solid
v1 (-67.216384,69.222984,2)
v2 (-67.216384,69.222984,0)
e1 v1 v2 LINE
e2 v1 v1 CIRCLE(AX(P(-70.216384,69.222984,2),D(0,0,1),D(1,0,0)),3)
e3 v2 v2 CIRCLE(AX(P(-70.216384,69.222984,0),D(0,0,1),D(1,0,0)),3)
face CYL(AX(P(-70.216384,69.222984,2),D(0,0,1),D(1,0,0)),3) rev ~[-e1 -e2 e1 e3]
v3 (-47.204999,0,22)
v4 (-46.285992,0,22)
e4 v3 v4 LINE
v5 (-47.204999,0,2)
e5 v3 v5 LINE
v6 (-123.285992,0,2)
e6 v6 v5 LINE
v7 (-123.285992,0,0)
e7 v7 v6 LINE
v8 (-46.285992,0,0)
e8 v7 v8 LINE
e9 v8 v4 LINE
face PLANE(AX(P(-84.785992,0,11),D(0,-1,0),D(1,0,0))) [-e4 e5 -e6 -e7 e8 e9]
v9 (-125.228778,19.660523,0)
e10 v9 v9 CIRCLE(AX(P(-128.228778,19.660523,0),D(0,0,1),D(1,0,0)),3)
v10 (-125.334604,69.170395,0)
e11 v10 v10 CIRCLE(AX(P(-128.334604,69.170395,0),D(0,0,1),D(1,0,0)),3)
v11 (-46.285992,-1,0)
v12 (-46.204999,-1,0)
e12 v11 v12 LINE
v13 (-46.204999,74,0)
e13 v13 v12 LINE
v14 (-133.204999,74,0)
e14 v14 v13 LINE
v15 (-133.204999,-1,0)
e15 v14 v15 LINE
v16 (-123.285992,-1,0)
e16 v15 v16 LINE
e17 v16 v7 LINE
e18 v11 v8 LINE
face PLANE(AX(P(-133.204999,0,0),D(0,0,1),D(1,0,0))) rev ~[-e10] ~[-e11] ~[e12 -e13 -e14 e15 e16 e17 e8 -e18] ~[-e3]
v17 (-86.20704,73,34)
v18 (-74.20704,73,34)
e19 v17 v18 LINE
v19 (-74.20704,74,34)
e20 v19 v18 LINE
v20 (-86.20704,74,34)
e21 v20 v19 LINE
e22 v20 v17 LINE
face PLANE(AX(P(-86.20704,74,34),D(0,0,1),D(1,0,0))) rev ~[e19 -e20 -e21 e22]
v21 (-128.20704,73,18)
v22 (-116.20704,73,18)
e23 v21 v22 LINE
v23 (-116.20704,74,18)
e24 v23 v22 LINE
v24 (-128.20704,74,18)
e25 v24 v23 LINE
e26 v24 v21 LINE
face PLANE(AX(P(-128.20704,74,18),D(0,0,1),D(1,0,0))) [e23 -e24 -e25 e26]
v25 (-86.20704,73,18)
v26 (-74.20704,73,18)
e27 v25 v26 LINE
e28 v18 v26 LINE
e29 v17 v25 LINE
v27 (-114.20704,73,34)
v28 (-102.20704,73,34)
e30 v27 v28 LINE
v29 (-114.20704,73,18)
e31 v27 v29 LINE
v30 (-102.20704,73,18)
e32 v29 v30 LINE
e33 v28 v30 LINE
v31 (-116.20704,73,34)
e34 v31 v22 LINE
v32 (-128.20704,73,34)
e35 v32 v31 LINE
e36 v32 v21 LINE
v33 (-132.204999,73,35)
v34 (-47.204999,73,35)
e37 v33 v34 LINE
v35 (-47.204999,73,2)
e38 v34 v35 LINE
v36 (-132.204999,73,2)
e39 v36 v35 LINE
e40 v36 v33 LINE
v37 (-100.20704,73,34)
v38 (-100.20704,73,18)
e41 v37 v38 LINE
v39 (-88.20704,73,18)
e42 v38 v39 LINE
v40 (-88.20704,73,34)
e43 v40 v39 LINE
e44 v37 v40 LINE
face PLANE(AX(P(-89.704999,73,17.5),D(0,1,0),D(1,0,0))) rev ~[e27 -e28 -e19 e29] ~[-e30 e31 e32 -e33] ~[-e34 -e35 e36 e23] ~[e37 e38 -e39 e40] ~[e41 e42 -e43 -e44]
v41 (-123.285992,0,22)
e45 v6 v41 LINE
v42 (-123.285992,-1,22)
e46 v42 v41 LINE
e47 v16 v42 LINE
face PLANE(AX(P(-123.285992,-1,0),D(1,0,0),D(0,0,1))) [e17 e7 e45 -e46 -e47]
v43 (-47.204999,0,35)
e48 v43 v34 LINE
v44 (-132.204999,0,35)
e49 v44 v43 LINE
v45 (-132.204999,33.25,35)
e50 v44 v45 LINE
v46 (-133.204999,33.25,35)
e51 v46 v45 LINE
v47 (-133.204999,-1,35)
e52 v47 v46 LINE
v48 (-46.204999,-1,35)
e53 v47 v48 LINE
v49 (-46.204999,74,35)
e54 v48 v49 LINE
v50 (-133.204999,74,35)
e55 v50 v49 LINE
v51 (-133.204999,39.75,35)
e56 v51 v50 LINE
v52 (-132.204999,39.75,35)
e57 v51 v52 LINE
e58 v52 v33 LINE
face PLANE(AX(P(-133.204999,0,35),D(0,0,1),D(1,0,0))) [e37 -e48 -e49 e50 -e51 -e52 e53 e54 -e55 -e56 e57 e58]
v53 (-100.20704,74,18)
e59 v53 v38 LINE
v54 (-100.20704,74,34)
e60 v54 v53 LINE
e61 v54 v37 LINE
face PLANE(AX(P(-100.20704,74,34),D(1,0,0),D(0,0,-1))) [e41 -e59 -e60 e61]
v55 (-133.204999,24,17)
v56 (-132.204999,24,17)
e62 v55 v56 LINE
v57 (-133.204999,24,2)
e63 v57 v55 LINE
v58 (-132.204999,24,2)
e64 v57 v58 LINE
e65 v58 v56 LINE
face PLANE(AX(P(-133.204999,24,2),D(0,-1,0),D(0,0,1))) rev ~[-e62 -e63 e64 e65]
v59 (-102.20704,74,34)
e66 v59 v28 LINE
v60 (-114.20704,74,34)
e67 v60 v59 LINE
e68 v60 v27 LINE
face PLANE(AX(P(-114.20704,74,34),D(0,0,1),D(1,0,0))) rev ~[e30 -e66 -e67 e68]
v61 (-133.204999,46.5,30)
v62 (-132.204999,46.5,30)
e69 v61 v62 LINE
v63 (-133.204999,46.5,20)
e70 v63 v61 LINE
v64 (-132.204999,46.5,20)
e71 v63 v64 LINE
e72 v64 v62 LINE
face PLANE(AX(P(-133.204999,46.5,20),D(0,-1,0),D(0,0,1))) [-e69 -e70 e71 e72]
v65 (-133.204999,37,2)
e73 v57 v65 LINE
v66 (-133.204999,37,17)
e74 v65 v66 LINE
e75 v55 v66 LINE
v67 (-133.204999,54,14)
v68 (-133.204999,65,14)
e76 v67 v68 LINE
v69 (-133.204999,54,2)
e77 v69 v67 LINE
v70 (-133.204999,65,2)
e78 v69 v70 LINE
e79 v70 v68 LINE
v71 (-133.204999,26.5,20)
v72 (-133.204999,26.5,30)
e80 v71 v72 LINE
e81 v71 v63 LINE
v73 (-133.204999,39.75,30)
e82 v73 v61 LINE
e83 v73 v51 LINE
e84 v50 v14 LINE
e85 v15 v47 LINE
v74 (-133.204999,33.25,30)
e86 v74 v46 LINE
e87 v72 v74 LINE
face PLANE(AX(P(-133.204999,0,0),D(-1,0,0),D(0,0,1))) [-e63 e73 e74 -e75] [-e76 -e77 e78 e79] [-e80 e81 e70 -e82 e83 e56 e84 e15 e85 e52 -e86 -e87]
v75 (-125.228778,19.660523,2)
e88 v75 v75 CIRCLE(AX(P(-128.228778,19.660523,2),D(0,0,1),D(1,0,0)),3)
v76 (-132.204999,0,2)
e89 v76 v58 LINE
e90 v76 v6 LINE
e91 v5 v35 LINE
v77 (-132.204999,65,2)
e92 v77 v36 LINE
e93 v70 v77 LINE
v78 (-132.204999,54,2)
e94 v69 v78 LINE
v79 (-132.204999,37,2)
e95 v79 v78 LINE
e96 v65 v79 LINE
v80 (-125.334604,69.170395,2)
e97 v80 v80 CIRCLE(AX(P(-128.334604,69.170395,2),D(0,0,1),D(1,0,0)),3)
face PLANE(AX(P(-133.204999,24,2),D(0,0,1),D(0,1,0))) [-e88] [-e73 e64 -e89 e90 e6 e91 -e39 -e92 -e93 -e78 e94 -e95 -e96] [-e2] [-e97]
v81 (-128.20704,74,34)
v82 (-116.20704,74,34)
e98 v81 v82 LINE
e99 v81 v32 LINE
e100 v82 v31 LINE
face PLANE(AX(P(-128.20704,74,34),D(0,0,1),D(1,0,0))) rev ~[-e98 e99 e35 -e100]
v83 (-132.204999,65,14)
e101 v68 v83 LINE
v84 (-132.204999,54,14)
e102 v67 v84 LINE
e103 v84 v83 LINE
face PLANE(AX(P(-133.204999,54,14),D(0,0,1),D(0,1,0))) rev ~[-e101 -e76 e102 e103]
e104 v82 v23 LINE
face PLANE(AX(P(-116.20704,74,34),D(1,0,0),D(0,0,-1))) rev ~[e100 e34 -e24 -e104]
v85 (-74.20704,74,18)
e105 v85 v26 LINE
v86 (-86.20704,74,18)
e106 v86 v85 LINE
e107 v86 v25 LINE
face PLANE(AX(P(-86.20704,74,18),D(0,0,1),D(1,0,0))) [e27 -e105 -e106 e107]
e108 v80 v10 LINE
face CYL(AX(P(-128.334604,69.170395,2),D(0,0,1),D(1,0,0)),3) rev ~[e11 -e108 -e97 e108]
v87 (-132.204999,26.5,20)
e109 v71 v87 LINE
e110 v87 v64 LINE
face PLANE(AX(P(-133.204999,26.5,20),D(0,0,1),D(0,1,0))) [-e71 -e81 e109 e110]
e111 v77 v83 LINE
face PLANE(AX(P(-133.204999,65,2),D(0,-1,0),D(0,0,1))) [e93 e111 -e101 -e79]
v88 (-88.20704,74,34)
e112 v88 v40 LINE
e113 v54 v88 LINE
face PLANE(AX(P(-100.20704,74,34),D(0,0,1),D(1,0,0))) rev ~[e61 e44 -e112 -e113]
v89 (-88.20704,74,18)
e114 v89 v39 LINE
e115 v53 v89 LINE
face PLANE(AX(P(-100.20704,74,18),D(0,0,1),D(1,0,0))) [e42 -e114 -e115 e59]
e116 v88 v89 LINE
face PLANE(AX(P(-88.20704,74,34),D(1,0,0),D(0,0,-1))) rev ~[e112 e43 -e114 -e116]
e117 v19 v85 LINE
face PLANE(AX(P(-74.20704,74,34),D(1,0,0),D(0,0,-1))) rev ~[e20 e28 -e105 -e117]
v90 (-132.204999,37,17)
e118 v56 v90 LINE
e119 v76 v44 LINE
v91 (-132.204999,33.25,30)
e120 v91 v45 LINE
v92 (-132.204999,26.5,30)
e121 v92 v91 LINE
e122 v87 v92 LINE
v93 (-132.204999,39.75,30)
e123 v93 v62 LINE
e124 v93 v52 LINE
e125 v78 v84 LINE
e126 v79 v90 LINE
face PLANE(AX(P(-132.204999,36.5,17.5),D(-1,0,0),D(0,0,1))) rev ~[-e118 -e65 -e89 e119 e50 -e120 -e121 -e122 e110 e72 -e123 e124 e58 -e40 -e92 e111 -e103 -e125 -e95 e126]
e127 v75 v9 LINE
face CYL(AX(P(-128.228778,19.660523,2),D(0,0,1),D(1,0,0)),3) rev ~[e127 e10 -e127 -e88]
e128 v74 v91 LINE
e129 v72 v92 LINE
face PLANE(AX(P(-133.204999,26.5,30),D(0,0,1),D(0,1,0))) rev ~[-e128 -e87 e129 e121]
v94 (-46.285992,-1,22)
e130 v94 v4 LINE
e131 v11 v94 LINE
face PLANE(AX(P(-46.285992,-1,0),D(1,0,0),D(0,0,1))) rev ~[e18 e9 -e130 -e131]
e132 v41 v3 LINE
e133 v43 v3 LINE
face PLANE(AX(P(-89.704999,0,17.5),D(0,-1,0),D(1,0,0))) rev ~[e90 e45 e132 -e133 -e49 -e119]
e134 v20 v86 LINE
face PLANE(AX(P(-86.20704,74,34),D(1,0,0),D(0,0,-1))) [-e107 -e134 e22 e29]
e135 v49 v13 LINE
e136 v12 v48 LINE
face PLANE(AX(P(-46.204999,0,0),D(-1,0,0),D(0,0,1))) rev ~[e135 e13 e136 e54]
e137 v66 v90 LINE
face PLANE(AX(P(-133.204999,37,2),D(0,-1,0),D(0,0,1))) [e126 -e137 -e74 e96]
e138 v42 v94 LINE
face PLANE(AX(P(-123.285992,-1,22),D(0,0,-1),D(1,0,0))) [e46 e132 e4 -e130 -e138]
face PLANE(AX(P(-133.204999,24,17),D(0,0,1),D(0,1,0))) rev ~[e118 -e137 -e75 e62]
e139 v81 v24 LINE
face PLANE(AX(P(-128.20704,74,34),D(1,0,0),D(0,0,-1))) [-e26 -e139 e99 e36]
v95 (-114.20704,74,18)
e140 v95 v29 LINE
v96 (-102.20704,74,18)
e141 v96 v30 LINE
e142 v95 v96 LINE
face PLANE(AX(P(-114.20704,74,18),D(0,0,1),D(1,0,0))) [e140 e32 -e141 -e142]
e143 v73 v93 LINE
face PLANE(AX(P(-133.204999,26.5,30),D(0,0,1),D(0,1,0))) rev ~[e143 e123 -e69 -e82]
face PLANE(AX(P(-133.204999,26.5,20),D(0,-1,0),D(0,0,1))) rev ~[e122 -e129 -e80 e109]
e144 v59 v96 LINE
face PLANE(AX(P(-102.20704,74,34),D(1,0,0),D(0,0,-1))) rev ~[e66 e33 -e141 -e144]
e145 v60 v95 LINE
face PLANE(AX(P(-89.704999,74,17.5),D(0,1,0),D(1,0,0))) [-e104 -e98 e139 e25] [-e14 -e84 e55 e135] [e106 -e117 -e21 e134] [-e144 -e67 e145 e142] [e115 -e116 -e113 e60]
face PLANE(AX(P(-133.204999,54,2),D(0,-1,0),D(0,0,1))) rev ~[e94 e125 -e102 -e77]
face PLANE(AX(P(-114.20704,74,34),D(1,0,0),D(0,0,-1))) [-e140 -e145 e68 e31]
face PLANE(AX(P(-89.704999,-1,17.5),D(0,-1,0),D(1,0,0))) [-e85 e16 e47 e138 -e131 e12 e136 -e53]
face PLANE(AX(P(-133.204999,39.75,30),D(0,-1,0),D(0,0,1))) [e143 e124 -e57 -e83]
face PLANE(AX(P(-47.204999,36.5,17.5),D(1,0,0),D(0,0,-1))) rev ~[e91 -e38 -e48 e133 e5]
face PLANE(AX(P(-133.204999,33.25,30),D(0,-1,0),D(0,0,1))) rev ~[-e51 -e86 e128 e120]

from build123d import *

# Parameters (mm, degrees)
ESQUISSE1_W              = 85
ESQUISSE1_H              = 73
BOSS_EXTRU_2_DEPTH       = 2
ESQUISSE6_W              = 35
ESQUISSE6_H              = 73
BOSS_EXTRU_4_DEPTH       = 1
ESQUISSE8_W              = 35
ESQUISSE8_H              = 73
BOSS_EXTRU_6_DEPTH       = 1
ESQUISSE10_W             = 12
ESQUISSE10_H             = 11
ENL_V_MAT_EXTRU_1_DEPTH  = 1
ESQUISSE11_W             = 15
ESQUISSE11_H             = 13
ENL_V_MAT_EXTRU_2_DEPTH  = 1
ESQUISSE13_W             = 87
ESQUISSE13_H             = 35
BOSS_EXTRU_8_DEPTH       = 1
ESQUISSE14_W             = 12
ESQUISSE14_H             = 16
ENL_V_MAT_EXTRU_3_DEPTH  = 1
ESQUISSE18_W             = 12
ESQUISSE18_H             = 16
ENL_V_MAT_EXTRU_5_DEPTH  = 1
ESQUISSE20_W             = 12
ESQUISSE20_H             = 16
ENL_V_MAT_EXTRU_6_DEPTH  = 1
ESQUISSE21_W             = 12
ESQUISSE21_H             = 16
ENL_V_MAT_EXTRU_7_DEPTH  = 1
ESQUISSE25_W             = 87
ESQUISSE25_H             = 35
BOSS_EXTRU_11_DEPTH      = 1
ESQUISSE26_W             = 77
ESQUISSE26_H             = 22
ENL_V_MAT_EXTRU_13_DEPTH = 1
ESQUISSE23_R             = 3
ENL_V_MAT_EXTRU_14_DEPTH = 10
ESQUISSE22_R             = 3
ENL_V_MAT_EXTRU_15_DEPTH = 10
ESQUISSE24_R             = 3
ENL_V_MAT_EXTRU_18_DEPTH = 10
ESQUISSE27_W             = 10
ESQUISSE27_H             = 20
ENL_V_MAT_EXTRU_19_DEPTH = 1
ESQUISSE28_W             = 5
ESQUISSE28_H             = 6.5
ENL_V_MAT_EXTRU_20_DEPTH = 10


with BuildPart() as part:
    # Esquisse1 → Boss.-Extru.2 (new body)
    with BuildSketch(Plane.XY):
        with Locations((-89.704998798, 36.5)):
            Rectangle(ESQUISSE1_W, ESQUISSE1_H)
    extrude(amount=BOSS_EXTRU_2_DEPTH)

    # Esquisse6 → Boss.-Extru.4 (add)
    with BuildSketch(Plane(origin=(-47.204998798, 0, 0), x_dir=(0, 0, -1), z_dir=(1, 0, 0))):
        with Locations((-17.5, 36.5)):
            Rectangle(ESQUISSE6_W, ESQUISSE6_H)
    extrude(amount=BOSS_EXTRU_4_DEPTH)

    # Esquisse8 → Boss.-Extru.6 (add)
    with BuildSketch(Plane.ZY.offset(132.204998798)):
        with Locations((17.5, 36.5)):
            Rectangle(ESQUISSE8_W, ESQUISSE8_H)
    extrude(amount=BOSS_EXTRU_6_DEPTH)

    # Esquisse10 → Enlèv. mat.-Extru.1 (cut)
    with BuildSketch(Plane.ZY.offset(133.204998798)):
        with Locations((8, 59.5)):
            Rectangle(ESQUISSE10_W, ESQUISSE10_H)
    extrude(amount=-ENL_V_MAT_EXTRU_1_DEPTH, mode=Mode.SUBTRACT)

    # Esquisse11 → Enlèv. mat.-Extru.2 (cut)
    with BuildSketch(Plane.ZY.offset(133.204998798)):
        with Locations((9.5, 30.5)):
            Rectangle(ESQUISSE11_W, ESQUISSE11_H)
    extrude(amount=-ENL_V_MAT_EXTRU_2_DEPTH, mode=Mode.SUBTRACT)

    # Esquisse13 → Boss.-Extru.8 (add)
    with BuildSketch(Plane(origin=(0, 73, 0), x_dir=(1, 0, 0), z_dir=(0, 1, 0))):
        with Locations((-89.704998798, -17.5)):
            Rectangle(ESQUISSE13_W, ESQUISSE13_H)
    extrude(amount=BOSS_EXTRU_8_DEPTH)

    # Esquisse14 → Enlèv. mat.-Extru.3 (cut)
    with BuildSketch(Plane(origin=(0, 74, 0), x_dir=(1, 0, 0), z_dir=(0, 1, 0))):
        with Locations((-122.207040337, -26)):
            Rectangle(ESQUISSE14_W, ESQUISSE14_H)
    extrude(amount=-ENL_V_MAT_EXTRU_3_DEPTH, mode=Mode.SUBTRACT)

    # Esquisse18 → Enlèv. mat.-Extru.5 (cut)
    with BuildSketch(Plane(origin=(0, 74, 0), x_dir=(1, 0, 0), z_dir=(0, 1, 0))):
        with Locations((-108.207040337, -26)):
            Rectangle(ESQUISSE18_W, ESQUISSE18_H)
    extrude(amount=-ENL_V_MAT_EXTRU_5_DEPTH, mode=Mode.SUBTRACT)

    # Esquisse20 → Enlèv. mat.-Extru.6 (cut)
    with BuildSketch(Plane(origin=(0, 74, 0), x_dir=(1, 0, 0), z_dir=(0, 1, 0))):
        with Locations((-94.207040337, -26)):
            Rectangle(ESQUISSE20_W, ESQUISSE20_H)
    extrude(amount=-ENL_V_MAT_EXTRU_6_DEPTH, mode=Mode.SUBTRACT)

    # Esquisse21 → Enlèv. mat.-Extru.7 (cut)
    with BuildSketch(Plane(origin=(0, 74, 0), x_dir=(1, 0, 0), z_dir=(0, 1, 0))):
        with Locations((-80.207040337, -26)):
            Rectangle(ESQUISSE21_W, ESQUISSE21_H)
    extrude(amount=-ENL_V_MAT_EXTRU_7_DEPTH, mode=Mode.SUBTRACT)

    # Esquisse25 → Boss.-Extru.11 (add)
    with BuildSketch(Plane.XZ):
        with Locations((-89.704998798, 17.5)):
            Rectangle(ESQUISSE25_W, ESQUISSE25_H)
    extrude(amount=BOSS_EXTRU_11_DEPTH)

    # Esquisse26 → Enlèv. mat.-Extru.13 (cut)
    with BuildSketch(Plane.XZ.offset(1)):
        with Locations((-84.785991567, 11)):
            Rectangle(ESQUISSE26_W, ESQUISSE26_H)
    extrude(amount=-ENL_V_MAT_EXTRU_13_DEPTH, mode=Mode.SUBTRACT)

    # Esquisse23 → Enlèv. mat.-Extru.14 (cut)
    with BuildSketch(Plane.XY.offset(2)):
        with Locations((-128.228777758, 19.66052326)):
            Circle(ESQUISSE23_R)
    extrude(amount=-ENL_V_MAT_EXTRU_14_DEPTH, mode=Mode.SUBTRACT)

    # Esquisse22 → Enlèv. mat.-Extru.15 (cut)
    with BuildSketch(Plane.XY.offset(2)):
        with Locations((-128.334603856, 69.17039525)):
            Circle(ESQUISSE22_R)
    extrude(amount=-ENL_V_MAT_EXTRU_15_DEPTH, mode=Mode.SUBTRACT)

    # Esquisse24 → Enlèv. mat.-Extru.18 (cut)
    with BuildSketch(Plane.XY.offset(2)):
        with Locations((-70.21638406, 69.222983718)):
            Circle(ESQUISSE24_R)
    extrude(amount=-ENL_V_MAT_EXTRU_18_DEPTH, mode=Mode.SUBTRACT)

    # Esquisse27 → Enlèv. mat.-Extru.19 (cut)
    with BuildSketch(Plane.ZY.offset(133.204998798)):
        with Locations((25, 36.5)):
            Rectangle(ESQUISSE27_W, ESQUISSE27_H)
    extrude(amount=-ENL_V_MAT_EXTRU_19_DEPTH, mode=Mode.SUBTRACT)

    # Esquisse28 → Enlèv. mat.-Extru.20 (cut)
    with BuildSketch(Plane.ZY.offset(133.204998798)):
        with Locations((32.5, 36.5)):
            Rectangle(ESQUISSE28_W, ESQUISSE28_H)
    extrude(amount=-ENL_V_MAT_EXTRU_20_DEPTH, mode=Mode.SUBTRACT)


solid = part.part
